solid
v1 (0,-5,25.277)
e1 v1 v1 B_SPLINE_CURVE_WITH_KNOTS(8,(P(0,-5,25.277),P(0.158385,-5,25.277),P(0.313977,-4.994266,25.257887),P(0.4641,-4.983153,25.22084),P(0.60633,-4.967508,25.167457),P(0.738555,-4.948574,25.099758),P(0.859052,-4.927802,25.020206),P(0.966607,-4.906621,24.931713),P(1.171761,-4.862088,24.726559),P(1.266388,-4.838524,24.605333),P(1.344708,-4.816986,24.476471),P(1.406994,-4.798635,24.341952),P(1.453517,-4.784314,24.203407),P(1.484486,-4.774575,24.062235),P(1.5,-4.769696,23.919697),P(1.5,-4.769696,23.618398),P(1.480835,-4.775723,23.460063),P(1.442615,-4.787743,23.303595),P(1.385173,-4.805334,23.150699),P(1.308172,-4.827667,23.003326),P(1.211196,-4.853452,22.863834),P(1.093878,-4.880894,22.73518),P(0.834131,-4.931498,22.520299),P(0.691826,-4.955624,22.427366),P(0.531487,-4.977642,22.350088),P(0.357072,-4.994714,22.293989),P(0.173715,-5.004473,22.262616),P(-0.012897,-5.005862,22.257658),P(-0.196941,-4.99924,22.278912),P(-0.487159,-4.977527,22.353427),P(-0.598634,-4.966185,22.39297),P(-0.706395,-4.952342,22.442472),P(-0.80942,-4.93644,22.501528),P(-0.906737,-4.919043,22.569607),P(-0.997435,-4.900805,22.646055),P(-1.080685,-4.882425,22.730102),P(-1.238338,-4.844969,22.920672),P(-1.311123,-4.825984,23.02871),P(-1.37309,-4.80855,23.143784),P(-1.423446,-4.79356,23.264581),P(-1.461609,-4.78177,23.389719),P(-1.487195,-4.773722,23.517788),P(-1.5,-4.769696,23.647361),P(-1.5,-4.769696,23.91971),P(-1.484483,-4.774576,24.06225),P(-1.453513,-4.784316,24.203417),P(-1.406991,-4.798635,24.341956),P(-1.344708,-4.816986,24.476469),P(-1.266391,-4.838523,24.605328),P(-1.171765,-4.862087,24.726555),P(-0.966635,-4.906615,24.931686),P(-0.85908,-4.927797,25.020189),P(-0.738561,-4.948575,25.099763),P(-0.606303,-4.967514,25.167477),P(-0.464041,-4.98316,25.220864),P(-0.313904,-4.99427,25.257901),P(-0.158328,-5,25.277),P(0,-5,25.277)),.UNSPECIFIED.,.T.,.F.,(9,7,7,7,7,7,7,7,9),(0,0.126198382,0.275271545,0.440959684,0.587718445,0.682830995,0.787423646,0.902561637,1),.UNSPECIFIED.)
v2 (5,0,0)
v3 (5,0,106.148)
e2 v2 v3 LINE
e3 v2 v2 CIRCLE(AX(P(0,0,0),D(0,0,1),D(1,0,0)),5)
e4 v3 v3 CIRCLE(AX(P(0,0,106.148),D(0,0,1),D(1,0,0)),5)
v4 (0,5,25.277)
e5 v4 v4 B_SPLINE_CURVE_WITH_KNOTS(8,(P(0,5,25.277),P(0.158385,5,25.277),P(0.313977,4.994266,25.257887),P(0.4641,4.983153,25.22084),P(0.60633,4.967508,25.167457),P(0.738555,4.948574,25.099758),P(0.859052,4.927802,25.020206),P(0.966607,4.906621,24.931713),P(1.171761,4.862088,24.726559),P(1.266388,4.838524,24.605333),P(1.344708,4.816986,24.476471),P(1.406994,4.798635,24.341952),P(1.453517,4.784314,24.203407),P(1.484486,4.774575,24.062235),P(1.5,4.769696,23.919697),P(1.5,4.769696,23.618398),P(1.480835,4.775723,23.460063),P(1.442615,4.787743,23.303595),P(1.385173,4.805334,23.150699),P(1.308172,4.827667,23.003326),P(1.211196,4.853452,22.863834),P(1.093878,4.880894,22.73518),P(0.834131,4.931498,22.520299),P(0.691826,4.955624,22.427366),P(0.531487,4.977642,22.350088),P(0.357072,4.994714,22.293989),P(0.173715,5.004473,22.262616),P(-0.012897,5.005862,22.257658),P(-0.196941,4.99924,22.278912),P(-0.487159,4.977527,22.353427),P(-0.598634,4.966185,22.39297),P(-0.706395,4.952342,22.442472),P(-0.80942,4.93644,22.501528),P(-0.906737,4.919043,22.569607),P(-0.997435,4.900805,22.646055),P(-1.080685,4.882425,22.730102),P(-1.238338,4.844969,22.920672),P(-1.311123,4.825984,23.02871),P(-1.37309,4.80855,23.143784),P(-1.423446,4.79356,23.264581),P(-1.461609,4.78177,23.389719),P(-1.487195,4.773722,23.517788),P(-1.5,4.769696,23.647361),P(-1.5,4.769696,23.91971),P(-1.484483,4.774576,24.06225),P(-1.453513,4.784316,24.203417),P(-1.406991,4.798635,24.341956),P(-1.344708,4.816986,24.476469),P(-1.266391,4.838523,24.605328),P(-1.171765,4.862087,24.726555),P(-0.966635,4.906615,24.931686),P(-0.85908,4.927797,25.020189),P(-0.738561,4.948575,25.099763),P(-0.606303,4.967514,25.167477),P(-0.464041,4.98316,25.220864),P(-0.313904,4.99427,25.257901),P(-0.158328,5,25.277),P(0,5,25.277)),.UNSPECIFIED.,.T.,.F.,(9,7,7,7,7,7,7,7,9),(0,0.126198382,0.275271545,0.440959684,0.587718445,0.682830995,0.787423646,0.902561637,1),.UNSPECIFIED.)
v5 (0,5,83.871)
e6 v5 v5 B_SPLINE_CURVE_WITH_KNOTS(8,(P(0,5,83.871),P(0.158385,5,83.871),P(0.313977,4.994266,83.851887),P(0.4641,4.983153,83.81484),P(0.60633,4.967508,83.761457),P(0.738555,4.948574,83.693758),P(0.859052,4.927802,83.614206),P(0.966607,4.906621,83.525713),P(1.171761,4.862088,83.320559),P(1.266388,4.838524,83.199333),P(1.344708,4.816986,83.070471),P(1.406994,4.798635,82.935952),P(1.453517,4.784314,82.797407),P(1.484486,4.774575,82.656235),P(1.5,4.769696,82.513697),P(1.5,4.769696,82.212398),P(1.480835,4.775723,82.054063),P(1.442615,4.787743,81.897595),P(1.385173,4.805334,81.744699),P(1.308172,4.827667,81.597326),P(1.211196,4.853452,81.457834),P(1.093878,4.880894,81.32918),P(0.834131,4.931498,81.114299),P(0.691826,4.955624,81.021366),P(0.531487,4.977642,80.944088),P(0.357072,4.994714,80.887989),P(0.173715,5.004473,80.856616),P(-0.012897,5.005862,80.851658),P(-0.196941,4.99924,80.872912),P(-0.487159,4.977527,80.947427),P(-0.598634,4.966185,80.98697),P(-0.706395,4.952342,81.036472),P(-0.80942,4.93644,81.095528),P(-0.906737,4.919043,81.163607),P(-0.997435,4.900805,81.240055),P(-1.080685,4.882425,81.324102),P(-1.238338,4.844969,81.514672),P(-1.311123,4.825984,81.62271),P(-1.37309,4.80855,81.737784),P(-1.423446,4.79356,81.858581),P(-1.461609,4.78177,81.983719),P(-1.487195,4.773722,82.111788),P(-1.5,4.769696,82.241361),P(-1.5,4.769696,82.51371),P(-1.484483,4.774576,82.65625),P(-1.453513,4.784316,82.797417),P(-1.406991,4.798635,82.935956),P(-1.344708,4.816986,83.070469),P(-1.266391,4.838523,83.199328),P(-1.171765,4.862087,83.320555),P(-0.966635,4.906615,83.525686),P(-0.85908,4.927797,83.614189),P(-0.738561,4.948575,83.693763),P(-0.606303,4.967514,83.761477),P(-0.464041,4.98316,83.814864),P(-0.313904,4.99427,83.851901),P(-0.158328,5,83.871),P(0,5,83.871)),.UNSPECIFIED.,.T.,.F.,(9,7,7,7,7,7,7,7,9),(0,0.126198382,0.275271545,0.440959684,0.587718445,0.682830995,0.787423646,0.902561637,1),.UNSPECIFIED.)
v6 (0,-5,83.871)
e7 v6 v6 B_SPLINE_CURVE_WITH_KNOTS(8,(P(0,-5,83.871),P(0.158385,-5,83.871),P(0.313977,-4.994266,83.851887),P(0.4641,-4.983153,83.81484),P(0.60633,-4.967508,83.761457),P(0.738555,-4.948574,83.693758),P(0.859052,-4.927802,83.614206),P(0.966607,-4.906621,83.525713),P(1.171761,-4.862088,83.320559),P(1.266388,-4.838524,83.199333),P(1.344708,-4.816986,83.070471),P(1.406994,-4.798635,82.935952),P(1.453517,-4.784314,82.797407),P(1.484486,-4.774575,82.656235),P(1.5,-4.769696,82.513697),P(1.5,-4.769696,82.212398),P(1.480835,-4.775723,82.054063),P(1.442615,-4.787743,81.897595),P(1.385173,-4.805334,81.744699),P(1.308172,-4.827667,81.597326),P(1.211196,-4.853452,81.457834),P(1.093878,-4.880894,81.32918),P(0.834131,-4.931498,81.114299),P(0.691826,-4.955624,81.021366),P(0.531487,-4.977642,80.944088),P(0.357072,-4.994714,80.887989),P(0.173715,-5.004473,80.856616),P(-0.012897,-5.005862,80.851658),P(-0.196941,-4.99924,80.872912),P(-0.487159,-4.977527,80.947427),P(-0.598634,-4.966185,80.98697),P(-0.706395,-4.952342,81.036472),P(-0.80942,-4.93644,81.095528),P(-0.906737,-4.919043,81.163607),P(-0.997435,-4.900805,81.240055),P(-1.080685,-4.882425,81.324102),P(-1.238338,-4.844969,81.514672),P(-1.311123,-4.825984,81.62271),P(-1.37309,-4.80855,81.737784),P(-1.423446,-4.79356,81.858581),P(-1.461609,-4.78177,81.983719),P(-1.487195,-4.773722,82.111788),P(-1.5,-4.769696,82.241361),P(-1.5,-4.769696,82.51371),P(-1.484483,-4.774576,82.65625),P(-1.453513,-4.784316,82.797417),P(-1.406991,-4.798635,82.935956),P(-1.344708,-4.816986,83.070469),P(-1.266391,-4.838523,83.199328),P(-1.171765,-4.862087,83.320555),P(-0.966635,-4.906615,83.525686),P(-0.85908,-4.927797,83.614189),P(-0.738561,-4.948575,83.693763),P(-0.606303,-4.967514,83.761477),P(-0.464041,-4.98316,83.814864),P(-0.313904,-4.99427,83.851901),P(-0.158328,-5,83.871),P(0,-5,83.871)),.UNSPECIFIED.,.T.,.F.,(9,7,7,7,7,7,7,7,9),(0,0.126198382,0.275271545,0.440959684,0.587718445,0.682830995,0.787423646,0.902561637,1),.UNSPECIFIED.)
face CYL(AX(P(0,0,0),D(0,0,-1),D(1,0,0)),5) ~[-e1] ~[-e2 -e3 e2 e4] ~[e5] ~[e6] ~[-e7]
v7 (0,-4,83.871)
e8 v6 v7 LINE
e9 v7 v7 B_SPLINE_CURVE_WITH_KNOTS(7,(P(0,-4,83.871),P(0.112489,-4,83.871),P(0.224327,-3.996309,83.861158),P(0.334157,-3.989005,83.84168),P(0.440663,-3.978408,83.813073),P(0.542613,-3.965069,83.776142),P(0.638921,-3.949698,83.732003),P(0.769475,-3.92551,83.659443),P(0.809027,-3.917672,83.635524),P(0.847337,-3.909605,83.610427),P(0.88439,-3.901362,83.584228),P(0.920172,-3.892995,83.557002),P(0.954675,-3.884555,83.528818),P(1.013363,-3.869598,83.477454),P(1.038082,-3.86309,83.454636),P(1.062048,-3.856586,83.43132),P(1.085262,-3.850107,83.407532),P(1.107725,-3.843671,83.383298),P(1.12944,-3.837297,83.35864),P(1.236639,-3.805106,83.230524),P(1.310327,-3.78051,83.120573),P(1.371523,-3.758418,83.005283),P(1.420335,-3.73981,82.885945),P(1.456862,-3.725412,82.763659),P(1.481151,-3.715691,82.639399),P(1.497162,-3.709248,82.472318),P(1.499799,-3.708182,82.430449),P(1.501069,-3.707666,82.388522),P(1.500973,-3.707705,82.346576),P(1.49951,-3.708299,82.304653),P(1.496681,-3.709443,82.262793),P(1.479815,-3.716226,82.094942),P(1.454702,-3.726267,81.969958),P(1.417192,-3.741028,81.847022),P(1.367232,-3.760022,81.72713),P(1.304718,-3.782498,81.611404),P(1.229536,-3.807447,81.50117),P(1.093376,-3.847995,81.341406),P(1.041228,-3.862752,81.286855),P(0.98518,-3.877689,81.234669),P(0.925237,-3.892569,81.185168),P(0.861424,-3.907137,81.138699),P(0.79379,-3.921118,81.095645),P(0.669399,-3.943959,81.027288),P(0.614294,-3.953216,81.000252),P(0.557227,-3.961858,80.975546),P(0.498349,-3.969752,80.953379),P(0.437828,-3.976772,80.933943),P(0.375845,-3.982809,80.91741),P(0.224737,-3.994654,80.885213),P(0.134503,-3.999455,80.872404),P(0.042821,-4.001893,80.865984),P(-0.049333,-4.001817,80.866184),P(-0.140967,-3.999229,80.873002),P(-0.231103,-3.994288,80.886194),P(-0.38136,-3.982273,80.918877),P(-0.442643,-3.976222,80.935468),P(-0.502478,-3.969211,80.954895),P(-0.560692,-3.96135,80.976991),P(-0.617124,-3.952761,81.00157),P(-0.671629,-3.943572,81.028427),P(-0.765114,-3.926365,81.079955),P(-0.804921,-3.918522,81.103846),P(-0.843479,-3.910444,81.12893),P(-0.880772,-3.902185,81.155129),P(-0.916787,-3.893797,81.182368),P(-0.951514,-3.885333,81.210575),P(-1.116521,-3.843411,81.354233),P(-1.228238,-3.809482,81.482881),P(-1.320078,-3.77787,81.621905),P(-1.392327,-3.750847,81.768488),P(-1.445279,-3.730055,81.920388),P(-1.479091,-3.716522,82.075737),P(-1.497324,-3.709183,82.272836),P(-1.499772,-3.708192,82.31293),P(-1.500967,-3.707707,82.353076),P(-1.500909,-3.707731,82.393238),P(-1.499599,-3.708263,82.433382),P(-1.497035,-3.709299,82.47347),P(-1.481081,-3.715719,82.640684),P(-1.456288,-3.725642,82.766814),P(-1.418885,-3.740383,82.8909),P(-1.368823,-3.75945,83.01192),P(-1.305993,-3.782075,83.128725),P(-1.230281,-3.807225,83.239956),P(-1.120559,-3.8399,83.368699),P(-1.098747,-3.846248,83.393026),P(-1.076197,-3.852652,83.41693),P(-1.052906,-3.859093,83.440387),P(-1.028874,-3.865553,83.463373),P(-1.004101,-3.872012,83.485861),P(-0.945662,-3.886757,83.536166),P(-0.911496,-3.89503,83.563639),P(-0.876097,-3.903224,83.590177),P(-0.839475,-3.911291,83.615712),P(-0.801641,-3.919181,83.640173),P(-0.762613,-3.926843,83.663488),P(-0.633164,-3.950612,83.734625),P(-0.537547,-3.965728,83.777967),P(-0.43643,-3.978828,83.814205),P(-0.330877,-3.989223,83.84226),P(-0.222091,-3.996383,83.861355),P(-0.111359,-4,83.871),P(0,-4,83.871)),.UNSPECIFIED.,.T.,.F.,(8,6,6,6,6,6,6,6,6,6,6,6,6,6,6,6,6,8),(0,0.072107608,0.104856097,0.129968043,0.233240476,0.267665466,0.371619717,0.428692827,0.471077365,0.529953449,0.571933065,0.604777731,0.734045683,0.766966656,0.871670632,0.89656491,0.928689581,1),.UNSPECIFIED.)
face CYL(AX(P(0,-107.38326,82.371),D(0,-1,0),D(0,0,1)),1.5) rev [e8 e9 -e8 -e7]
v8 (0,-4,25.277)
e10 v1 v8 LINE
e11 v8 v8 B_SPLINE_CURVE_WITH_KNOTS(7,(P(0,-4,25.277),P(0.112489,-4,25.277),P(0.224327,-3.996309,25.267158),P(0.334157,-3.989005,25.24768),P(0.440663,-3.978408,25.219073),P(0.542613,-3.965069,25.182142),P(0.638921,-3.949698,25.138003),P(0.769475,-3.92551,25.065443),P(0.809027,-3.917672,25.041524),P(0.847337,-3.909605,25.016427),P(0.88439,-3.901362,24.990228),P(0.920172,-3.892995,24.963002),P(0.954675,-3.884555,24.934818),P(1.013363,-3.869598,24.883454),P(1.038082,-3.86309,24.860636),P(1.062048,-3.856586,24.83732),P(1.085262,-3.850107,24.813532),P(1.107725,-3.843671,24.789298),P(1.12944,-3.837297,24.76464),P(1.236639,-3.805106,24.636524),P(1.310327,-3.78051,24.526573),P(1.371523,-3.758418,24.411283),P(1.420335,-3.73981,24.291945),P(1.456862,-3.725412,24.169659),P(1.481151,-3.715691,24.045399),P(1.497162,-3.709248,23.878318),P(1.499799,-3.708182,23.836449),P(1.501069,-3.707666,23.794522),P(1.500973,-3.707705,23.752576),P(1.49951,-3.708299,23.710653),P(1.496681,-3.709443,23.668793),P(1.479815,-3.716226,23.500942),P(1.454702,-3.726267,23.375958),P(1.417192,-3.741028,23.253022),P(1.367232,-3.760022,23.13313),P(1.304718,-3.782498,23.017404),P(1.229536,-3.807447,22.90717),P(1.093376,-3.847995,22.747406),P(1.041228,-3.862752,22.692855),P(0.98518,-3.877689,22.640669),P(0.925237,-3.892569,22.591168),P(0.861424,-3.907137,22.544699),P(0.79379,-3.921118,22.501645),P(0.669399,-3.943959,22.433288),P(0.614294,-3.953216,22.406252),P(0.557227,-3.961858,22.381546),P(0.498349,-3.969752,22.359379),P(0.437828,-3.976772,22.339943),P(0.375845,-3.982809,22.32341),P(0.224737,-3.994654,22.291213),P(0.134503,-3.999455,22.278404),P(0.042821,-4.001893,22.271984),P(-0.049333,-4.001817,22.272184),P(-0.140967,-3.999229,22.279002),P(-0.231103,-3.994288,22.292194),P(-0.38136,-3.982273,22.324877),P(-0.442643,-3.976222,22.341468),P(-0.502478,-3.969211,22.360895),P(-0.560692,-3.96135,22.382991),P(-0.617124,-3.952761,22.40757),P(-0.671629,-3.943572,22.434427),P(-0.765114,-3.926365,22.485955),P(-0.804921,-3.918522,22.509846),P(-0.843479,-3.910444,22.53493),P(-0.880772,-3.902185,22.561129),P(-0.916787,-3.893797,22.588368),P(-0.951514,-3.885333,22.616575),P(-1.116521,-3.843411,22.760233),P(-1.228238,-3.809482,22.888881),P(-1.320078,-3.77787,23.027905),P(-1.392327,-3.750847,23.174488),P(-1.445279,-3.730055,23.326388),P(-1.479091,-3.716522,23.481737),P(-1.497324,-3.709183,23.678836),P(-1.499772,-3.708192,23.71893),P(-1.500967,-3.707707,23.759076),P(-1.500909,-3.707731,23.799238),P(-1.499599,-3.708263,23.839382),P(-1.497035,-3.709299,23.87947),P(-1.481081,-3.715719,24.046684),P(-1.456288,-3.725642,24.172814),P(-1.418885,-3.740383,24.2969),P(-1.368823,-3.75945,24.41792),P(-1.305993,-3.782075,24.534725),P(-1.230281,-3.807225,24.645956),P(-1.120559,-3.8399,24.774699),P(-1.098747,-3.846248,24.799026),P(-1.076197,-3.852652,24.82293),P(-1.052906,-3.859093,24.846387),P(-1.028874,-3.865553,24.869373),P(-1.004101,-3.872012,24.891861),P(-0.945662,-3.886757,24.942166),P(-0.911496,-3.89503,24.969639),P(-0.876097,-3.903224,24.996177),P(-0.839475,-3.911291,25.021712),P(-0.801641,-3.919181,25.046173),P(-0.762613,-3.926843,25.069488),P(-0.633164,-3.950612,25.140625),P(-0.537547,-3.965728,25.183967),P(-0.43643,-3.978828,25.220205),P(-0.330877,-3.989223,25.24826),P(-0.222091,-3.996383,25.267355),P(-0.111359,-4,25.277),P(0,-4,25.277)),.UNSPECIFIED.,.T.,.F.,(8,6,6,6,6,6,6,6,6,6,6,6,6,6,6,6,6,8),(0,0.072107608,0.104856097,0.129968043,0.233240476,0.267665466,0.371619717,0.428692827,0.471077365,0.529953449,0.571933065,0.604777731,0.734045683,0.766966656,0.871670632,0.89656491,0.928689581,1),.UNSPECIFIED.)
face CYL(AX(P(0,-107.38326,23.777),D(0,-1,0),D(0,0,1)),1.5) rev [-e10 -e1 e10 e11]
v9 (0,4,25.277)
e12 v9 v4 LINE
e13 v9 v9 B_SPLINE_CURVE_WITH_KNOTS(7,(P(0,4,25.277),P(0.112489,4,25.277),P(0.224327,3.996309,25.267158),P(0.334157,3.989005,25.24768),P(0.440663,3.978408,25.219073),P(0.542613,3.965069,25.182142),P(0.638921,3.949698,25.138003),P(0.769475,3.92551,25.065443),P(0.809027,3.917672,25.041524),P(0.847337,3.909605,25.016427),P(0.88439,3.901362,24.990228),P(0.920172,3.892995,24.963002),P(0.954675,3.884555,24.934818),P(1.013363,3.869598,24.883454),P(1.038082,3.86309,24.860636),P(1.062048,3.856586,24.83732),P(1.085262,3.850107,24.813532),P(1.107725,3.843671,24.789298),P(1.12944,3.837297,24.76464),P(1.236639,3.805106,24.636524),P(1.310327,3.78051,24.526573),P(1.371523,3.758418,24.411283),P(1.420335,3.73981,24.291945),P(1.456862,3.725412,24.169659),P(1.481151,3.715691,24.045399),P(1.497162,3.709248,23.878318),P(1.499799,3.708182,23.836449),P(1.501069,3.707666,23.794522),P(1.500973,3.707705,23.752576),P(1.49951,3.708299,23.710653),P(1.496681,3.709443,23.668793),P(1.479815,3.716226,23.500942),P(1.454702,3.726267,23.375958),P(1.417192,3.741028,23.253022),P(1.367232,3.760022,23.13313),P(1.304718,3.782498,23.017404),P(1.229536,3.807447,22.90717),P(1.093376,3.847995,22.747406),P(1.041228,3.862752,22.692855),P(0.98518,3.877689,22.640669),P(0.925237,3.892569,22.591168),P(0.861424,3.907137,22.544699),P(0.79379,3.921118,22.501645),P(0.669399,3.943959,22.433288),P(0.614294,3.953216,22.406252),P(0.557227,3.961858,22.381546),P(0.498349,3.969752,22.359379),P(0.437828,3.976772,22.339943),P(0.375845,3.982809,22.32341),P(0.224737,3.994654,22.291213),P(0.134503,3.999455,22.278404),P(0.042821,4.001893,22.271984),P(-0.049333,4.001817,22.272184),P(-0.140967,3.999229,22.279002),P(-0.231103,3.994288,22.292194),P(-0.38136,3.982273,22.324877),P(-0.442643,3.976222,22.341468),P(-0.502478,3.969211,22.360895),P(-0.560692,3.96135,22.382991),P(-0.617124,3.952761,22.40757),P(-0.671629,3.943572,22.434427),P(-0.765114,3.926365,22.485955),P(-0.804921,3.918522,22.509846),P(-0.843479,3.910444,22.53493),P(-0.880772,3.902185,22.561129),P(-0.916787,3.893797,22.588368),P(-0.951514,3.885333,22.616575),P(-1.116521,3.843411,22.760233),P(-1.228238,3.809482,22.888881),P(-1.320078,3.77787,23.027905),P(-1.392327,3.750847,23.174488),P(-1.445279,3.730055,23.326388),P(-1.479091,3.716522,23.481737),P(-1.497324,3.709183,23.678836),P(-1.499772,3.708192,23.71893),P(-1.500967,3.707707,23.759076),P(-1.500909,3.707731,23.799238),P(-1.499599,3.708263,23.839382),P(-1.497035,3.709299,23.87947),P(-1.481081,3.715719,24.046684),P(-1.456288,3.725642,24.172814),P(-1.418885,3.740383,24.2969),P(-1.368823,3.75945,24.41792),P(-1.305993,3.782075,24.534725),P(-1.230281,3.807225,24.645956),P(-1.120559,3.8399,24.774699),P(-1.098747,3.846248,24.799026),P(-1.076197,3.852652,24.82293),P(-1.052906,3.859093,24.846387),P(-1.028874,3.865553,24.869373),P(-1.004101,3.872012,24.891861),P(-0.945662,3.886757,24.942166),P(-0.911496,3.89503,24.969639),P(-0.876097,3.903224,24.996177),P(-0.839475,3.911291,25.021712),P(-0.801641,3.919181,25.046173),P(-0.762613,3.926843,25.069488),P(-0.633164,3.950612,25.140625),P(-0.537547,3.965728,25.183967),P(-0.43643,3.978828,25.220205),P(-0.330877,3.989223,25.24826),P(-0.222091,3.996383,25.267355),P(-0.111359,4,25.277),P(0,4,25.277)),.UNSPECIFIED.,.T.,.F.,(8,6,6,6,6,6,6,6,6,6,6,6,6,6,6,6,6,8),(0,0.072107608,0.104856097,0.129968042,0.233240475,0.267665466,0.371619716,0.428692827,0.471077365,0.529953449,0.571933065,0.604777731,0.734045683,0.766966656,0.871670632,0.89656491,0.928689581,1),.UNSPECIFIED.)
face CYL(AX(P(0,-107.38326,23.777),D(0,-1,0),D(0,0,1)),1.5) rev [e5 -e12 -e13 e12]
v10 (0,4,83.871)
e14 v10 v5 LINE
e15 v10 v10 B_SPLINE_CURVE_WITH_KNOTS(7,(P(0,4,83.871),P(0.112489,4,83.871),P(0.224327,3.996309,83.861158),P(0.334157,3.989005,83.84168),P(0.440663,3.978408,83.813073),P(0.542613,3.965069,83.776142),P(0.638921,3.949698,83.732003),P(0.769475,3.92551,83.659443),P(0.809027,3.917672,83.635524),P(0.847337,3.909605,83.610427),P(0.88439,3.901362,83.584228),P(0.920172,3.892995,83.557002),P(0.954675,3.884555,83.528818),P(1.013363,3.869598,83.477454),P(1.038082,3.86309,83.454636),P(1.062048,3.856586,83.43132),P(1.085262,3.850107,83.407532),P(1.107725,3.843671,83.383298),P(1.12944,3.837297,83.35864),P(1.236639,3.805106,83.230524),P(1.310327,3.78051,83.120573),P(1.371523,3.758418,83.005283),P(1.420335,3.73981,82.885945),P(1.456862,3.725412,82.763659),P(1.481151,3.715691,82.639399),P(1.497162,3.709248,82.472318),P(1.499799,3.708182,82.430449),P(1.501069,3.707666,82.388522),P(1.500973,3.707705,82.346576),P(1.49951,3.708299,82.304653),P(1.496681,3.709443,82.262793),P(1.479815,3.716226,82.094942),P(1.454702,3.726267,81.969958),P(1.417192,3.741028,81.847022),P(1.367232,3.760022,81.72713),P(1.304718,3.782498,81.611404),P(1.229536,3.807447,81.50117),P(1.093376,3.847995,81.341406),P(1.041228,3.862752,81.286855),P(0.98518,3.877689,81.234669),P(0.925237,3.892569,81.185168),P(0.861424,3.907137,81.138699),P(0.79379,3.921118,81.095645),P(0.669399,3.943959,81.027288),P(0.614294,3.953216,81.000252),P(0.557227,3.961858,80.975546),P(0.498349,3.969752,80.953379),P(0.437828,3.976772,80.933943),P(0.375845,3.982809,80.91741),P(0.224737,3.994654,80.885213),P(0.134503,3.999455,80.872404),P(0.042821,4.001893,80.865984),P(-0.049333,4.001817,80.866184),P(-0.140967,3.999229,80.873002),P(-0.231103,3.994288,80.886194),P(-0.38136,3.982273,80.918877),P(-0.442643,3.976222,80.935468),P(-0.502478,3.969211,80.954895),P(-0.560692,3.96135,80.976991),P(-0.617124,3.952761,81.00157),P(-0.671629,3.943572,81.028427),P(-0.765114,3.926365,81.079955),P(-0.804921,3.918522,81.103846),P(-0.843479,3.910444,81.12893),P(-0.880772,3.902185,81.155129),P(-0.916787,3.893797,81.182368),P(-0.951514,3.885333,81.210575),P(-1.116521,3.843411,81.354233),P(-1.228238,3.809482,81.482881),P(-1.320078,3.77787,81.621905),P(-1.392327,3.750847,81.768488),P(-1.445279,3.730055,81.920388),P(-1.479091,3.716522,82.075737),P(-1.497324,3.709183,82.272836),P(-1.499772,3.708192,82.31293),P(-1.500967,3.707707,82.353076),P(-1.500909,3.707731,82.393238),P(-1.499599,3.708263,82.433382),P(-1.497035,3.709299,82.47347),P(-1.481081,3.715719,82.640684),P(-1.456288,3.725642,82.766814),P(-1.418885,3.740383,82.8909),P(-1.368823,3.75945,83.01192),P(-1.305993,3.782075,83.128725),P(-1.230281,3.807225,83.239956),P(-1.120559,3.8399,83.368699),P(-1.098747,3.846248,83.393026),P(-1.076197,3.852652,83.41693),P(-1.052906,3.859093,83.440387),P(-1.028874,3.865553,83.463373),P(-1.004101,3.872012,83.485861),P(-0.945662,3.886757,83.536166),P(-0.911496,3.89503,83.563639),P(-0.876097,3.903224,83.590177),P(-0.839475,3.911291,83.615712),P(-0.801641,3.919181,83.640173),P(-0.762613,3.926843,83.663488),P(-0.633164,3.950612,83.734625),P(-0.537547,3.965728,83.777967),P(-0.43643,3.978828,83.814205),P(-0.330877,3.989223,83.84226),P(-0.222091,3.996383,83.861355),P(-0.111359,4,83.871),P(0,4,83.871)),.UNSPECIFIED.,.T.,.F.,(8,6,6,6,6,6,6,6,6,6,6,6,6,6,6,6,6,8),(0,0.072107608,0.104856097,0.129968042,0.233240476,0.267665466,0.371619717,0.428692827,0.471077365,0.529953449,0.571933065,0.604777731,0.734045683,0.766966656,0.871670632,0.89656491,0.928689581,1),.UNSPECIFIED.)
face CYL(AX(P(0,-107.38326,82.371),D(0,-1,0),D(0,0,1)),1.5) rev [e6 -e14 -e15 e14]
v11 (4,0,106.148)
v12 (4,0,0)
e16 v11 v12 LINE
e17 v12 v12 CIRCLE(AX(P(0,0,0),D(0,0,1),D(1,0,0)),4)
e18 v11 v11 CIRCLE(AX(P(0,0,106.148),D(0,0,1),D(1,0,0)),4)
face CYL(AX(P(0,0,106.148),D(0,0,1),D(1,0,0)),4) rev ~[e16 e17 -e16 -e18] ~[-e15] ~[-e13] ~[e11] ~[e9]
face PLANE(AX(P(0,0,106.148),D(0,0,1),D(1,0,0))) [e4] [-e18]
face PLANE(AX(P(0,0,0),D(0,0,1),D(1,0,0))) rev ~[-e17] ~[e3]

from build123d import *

# Parameters (mm, degrees)
SKETCH1_R               = 5
BOSS_EXTRUDE1_DEPTH     = 106.148
CUT_EXTRUDE1_REACH      = 108.383
SKETCH2_R               = 4
CUT_EXTRUDE2_DEPTH      = 107.38325951
CUT_EXTRUDE2_DEPTH_BACK = 107.38325951
SKETCH5_R               = 1.5


with BuildPart() as part:
    # Sketch1 → Boss-Extrude1 (new body)
    with BuildSketch(Plane.XY):
        Circle(SKETCH1_R)
    extrude(amount=BOSS_EXTRUDE1_DEPTH)

    # Sketch2 → Cut-Extrude1 (cut, up to next)
    with BuildSketch(Plane.XY.offset(106.148), mode=Mode.PRIVATE) as cut_extrude1_sk1:
        Circle(SKETCH2_R)
    cut_extrude1_tool1 = extrude(cut_extrude1_sk1.sketch, amount=-CUT_EXTRUDE1_REACH, mode=Mode.PRIVATE) & part.part
    add(cut_extrude1_tool1.solids().sort_by_distance((0, 0, 106.148))[0], mode=Mode.SUBTRACT)

    # Sketch5 → Cut-Extrude2 (cut, two sides: drawn at the far end of the back side and taken through both)
    with BuildSketch(Plane(origin=(0, 0, 0), x_dir=(1, 0, 0), z_dir=(0, 1, 0)).offset(-CUT_EXTRUDE2_DEPTH_BACK)):
        with Locations(Location((0, -23.777, 0), (0, 0, 270))):
            Circle(SKETCH5_R)
        with Locations(Location((0, -82.371, 0), (0, 0, 270))):
            Circle(SKETCH5_R)
    extrude(amount=CUT_EXTRUDE2_DEPTH + CUT_EXTRUDE2_DEPTH_BACK, mode=Mode.SUBTRACT)


solid = part.part
